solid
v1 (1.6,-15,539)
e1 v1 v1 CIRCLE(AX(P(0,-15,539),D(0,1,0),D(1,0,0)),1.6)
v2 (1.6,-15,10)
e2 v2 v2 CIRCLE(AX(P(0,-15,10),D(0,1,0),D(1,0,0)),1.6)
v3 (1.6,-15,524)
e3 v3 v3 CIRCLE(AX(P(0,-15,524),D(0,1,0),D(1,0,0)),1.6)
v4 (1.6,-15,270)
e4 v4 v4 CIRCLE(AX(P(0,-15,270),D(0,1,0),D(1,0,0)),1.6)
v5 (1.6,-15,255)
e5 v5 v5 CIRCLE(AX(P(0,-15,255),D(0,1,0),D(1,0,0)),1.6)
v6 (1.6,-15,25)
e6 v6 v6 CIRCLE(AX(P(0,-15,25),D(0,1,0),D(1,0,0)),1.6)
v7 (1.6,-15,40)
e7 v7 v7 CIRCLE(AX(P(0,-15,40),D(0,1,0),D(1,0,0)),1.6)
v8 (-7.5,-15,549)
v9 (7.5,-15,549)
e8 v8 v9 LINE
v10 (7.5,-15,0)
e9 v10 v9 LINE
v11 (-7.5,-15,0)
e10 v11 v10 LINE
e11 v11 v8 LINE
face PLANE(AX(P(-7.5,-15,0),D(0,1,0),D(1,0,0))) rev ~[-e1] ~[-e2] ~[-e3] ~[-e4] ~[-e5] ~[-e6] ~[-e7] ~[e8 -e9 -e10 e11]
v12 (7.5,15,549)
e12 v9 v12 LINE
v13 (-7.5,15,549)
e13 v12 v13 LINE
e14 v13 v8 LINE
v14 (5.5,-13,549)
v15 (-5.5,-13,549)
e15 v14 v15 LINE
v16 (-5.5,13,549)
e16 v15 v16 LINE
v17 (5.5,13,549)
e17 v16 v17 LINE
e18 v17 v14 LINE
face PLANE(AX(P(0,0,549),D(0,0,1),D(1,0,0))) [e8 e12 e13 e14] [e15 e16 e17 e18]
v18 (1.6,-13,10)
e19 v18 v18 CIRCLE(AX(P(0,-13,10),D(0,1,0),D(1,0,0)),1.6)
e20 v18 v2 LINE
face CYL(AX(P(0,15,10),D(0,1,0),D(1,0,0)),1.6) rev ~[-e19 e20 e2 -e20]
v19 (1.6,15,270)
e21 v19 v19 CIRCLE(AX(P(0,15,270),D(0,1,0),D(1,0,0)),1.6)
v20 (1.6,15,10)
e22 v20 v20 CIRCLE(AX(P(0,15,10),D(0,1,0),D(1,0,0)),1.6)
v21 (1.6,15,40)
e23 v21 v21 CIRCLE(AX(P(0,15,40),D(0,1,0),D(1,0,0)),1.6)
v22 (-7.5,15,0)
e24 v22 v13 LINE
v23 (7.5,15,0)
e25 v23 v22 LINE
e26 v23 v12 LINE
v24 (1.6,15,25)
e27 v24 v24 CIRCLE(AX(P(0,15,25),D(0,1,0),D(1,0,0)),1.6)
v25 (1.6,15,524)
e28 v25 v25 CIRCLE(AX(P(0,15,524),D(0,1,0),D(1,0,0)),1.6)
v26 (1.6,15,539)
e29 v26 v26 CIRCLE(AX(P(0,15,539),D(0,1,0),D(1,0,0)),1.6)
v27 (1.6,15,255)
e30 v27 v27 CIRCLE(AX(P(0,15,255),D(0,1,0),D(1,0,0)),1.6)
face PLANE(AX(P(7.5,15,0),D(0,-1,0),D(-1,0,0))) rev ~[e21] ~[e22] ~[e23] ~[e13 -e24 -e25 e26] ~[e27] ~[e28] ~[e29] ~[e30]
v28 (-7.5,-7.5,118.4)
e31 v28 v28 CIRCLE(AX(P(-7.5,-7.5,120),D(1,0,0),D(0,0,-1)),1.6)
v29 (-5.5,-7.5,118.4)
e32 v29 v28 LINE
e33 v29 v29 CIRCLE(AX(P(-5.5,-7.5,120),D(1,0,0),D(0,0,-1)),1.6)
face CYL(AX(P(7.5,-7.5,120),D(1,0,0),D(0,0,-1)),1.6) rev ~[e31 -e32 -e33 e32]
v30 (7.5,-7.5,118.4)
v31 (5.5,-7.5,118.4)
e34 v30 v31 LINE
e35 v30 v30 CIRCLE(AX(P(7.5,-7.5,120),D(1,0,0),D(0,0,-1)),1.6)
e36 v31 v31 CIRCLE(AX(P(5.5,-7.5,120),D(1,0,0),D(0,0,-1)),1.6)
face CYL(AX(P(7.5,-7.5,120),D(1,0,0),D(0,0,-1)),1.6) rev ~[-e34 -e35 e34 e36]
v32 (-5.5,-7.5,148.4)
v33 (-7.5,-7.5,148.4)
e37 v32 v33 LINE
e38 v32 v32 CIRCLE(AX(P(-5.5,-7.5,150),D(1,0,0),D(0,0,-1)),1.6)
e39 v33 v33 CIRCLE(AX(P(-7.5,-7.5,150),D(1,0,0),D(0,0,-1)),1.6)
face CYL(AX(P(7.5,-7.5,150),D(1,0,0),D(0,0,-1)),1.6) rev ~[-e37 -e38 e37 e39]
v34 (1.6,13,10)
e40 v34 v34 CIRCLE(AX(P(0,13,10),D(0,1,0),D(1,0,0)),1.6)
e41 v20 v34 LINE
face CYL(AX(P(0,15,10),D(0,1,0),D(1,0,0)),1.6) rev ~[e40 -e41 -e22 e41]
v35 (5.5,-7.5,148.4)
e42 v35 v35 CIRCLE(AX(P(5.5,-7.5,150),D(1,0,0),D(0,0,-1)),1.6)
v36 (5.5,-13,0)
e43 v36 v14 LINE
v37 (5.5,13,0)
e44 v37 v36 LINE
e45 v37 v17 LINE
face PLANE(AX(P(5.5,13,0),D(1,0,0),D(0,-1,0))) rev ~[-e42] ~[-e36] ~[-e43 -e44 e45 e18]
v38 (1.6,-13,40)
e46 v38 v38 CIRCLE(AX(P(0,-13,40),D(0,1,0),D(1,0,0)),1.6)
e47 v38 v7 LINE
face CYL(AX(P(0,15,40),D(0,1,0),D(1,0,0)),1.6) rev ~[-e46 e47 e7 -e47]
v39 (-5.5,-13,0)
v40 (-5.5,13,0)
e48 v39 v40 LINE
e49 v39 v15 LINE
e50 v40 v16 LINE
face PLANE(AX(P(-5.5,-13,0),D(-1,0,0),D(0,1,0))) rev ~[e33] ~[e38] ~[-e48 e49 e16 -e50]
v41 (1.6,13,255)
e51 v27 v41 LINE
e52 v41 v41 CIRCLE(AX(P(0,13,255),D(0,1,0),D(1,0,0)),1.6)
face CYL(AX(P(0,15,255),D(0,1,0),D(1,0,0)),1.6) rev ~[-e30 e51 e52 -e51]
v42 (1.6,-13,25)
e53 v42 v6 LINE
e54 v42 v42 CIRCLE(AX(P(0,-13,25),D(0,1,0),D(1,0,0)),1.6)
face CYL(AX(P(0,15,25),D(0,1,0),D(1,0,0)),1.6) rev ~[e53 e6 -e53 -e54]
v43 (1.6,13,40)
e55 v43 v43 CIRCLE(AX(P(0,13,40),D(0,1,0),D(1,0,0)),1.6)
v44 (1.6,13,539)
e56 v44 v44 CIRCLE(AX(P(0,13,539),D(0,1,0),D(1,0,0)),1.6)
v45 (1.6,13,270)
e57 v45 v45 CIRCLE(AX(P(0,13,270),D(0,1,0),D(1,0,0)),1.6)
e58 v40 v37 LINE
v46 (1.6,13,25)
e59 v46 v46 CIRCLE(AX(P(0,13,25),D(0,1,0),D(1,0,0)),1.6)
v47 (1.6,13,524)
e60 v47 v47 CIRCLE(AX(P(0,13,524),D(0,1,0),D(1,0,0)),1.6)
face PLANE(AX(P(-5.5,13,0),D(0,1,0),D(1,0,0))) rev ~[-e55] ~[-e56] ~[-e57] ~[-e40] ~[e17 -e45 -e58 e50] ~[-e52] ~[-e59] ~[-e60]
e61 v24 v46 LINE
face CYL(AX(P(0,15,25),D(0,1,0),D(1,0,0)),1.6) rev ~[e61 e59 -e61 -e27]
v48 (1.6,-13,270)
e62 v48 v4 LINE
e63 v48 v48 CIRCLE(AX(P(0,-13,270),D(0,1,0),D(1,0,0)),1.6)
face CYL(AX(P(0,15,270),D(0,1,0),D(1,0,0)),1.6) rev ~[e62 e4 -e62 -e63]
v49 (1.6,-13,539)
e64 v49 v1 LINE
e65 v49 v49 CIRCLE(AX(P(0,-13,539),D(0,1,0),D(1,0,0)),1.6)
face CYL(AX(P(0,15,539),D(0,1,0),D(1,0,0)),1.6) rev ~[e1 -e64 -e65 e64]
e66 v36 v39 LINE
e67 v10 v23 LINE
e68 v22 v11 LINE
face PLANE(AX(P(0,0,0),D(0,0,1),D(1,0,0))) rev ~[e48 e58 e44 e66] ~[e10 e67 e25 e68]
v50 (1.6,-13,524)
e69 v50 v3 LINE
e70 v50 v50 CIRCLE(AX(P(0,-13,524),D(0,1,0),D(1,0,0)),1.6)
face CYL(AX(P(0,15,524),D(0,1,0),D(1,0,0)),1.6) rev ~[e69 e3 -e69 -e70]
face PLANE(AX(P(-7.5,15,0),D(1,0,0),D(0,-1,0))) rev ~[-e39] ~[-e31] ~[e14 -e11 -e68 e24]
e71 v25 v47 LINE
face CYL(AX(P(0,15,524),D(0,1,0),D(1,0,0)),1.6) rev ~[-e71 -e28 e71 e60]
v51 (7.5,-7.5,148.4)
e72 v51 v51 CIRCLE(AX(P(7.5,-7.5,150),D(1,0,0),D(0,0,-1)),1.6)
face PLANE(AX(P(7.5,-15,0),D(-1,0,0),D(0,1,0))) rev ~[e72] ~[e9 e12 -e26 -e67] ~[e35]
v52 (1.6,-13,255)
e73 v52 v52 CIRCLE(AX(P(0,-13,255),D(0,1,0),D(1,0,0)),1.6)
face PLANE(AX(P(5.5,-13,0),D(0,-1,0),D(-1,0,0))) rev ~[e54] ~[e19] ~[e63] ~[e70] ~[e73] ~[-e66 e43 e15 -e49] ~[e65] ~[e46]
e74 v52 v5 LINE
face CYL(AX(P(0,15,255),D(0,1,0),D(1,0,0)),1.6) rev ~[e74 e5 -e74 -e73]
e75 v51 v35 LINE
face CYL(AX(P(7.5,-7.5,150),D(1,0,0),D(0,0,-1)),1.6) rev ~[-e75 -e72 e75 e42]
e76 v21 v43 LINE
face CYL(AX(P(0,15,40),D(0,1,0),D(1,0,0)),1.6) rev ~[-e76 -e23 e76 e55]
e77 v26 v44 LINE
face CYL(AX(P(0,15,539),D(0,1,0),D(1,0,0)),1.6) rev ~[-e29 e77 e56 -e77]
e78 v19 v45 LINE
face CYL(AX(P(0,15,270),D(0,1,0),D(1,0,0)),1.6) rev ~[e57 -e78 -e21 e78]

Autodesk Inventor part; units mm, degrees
ref_plane "YZ Plane" through (0, 0, 0) normal (1, 0, 0) x (0, 1, 0)
ref_plane "XZ Plane" through (0, 0, 0) normal (0, 1, 0) x (-1, 0, 0)
ref_plane "XY Plane" through (0, 0, 0) normal (0, 0, 1) x (1, 0, 0)
sketch "スケッチ1" plane through (0, 0, 0) normal (0, 0, 1) x (1, 0, 0)
  line L0 (7.5, 15) -> (-7.5, 15)
  line L1 (-7.5, 15) -> (-7.5, -15)
  line L2 (-7.5, -15) -> (7.5, -15)
  line L3 (7.5, -15) -> (7.5, 15)
  line L4 (7.5, 15) -> (-7.5, -15) construction
  line L5 (-7.5, 15) -> (7.5, -15) construction
  line L6 (-5.5, 13) -> (5.5, 13)
  line L7 (5.5, 13) -> (5.5, -13)
  line L8 (5.5, -13) -> (-5.5, -13)
  line L9 (-5.5, -13) -> (-5.5, 13)
  point P0 (0, 0)
  dimension "d0" = 15
  dimension "d1" = 30
  dimension "d2" = 2
extrude "押し出し1" add sketch "スケッチ1" along normal blind 549
sketch "スケッチ2" plane through (-7.5, 15, 0) normal (0, 1, 0) x (1, 0, 0)
  circle A0 centre (7.5, -10) radius 1.6
  circle A1 centre (7.5, -25) radius 1.6
  circle A2 centre (7.5, -40) radius 1.6
  line L0 (15, 0) -> (0, 0) projected
  circle A3 centre (7.5, -255) radius 1.6
  circle A4 centre (7.5, -270) radius 1.6
  circle A5 centre (7.5, -539) radius 1.6
  circle A6 centre (7.5, -524) radius 1.6
  point P0 (7.5, 0)
  point P1 (7.5, 0)
  dimension "d5" = 3.2
  dimension "d6" = 3.2
  dimension "d7" = 3.2
  dimension "d8" = 10
  dimension "d9" = 15
  dimension "d10" = 15
  dimension "d11" = 3.2
  dimension "d12" = 3.2
  dimension "d13" = 215
  dimension "d14" = 15
  dimension "d15" = 3.2
  dimension "d16" = 3.2
  dimension "d17" = 15
  dimension "d18" = 484
extrude "押し出し2" cut sketch "スケッチ2" against normal through all
sketch "スケッチ3" plane through (7.5, -15, 0) normal (1, 0, 0) x (0, 0, -1)
  circle A0 centre (-120, 7.5) radius 1.6
  circle A1 centre (-150, 7.5) radius 1.6
  line L0 (0, 0) -> (-549, 0) projected
  point P0 (0, 15)
  dimension "d21" = 3.2
  dimension "d22" = 3.2
  dimension "d23" = 30
  dimension "d24" = 7.5
  dimension "d25" = 120
extrude "押し出し3" cut sketch "スケッチ3" against normal through all
properties part number "オムニ_角柱1" material "アルミニウム 6061"
